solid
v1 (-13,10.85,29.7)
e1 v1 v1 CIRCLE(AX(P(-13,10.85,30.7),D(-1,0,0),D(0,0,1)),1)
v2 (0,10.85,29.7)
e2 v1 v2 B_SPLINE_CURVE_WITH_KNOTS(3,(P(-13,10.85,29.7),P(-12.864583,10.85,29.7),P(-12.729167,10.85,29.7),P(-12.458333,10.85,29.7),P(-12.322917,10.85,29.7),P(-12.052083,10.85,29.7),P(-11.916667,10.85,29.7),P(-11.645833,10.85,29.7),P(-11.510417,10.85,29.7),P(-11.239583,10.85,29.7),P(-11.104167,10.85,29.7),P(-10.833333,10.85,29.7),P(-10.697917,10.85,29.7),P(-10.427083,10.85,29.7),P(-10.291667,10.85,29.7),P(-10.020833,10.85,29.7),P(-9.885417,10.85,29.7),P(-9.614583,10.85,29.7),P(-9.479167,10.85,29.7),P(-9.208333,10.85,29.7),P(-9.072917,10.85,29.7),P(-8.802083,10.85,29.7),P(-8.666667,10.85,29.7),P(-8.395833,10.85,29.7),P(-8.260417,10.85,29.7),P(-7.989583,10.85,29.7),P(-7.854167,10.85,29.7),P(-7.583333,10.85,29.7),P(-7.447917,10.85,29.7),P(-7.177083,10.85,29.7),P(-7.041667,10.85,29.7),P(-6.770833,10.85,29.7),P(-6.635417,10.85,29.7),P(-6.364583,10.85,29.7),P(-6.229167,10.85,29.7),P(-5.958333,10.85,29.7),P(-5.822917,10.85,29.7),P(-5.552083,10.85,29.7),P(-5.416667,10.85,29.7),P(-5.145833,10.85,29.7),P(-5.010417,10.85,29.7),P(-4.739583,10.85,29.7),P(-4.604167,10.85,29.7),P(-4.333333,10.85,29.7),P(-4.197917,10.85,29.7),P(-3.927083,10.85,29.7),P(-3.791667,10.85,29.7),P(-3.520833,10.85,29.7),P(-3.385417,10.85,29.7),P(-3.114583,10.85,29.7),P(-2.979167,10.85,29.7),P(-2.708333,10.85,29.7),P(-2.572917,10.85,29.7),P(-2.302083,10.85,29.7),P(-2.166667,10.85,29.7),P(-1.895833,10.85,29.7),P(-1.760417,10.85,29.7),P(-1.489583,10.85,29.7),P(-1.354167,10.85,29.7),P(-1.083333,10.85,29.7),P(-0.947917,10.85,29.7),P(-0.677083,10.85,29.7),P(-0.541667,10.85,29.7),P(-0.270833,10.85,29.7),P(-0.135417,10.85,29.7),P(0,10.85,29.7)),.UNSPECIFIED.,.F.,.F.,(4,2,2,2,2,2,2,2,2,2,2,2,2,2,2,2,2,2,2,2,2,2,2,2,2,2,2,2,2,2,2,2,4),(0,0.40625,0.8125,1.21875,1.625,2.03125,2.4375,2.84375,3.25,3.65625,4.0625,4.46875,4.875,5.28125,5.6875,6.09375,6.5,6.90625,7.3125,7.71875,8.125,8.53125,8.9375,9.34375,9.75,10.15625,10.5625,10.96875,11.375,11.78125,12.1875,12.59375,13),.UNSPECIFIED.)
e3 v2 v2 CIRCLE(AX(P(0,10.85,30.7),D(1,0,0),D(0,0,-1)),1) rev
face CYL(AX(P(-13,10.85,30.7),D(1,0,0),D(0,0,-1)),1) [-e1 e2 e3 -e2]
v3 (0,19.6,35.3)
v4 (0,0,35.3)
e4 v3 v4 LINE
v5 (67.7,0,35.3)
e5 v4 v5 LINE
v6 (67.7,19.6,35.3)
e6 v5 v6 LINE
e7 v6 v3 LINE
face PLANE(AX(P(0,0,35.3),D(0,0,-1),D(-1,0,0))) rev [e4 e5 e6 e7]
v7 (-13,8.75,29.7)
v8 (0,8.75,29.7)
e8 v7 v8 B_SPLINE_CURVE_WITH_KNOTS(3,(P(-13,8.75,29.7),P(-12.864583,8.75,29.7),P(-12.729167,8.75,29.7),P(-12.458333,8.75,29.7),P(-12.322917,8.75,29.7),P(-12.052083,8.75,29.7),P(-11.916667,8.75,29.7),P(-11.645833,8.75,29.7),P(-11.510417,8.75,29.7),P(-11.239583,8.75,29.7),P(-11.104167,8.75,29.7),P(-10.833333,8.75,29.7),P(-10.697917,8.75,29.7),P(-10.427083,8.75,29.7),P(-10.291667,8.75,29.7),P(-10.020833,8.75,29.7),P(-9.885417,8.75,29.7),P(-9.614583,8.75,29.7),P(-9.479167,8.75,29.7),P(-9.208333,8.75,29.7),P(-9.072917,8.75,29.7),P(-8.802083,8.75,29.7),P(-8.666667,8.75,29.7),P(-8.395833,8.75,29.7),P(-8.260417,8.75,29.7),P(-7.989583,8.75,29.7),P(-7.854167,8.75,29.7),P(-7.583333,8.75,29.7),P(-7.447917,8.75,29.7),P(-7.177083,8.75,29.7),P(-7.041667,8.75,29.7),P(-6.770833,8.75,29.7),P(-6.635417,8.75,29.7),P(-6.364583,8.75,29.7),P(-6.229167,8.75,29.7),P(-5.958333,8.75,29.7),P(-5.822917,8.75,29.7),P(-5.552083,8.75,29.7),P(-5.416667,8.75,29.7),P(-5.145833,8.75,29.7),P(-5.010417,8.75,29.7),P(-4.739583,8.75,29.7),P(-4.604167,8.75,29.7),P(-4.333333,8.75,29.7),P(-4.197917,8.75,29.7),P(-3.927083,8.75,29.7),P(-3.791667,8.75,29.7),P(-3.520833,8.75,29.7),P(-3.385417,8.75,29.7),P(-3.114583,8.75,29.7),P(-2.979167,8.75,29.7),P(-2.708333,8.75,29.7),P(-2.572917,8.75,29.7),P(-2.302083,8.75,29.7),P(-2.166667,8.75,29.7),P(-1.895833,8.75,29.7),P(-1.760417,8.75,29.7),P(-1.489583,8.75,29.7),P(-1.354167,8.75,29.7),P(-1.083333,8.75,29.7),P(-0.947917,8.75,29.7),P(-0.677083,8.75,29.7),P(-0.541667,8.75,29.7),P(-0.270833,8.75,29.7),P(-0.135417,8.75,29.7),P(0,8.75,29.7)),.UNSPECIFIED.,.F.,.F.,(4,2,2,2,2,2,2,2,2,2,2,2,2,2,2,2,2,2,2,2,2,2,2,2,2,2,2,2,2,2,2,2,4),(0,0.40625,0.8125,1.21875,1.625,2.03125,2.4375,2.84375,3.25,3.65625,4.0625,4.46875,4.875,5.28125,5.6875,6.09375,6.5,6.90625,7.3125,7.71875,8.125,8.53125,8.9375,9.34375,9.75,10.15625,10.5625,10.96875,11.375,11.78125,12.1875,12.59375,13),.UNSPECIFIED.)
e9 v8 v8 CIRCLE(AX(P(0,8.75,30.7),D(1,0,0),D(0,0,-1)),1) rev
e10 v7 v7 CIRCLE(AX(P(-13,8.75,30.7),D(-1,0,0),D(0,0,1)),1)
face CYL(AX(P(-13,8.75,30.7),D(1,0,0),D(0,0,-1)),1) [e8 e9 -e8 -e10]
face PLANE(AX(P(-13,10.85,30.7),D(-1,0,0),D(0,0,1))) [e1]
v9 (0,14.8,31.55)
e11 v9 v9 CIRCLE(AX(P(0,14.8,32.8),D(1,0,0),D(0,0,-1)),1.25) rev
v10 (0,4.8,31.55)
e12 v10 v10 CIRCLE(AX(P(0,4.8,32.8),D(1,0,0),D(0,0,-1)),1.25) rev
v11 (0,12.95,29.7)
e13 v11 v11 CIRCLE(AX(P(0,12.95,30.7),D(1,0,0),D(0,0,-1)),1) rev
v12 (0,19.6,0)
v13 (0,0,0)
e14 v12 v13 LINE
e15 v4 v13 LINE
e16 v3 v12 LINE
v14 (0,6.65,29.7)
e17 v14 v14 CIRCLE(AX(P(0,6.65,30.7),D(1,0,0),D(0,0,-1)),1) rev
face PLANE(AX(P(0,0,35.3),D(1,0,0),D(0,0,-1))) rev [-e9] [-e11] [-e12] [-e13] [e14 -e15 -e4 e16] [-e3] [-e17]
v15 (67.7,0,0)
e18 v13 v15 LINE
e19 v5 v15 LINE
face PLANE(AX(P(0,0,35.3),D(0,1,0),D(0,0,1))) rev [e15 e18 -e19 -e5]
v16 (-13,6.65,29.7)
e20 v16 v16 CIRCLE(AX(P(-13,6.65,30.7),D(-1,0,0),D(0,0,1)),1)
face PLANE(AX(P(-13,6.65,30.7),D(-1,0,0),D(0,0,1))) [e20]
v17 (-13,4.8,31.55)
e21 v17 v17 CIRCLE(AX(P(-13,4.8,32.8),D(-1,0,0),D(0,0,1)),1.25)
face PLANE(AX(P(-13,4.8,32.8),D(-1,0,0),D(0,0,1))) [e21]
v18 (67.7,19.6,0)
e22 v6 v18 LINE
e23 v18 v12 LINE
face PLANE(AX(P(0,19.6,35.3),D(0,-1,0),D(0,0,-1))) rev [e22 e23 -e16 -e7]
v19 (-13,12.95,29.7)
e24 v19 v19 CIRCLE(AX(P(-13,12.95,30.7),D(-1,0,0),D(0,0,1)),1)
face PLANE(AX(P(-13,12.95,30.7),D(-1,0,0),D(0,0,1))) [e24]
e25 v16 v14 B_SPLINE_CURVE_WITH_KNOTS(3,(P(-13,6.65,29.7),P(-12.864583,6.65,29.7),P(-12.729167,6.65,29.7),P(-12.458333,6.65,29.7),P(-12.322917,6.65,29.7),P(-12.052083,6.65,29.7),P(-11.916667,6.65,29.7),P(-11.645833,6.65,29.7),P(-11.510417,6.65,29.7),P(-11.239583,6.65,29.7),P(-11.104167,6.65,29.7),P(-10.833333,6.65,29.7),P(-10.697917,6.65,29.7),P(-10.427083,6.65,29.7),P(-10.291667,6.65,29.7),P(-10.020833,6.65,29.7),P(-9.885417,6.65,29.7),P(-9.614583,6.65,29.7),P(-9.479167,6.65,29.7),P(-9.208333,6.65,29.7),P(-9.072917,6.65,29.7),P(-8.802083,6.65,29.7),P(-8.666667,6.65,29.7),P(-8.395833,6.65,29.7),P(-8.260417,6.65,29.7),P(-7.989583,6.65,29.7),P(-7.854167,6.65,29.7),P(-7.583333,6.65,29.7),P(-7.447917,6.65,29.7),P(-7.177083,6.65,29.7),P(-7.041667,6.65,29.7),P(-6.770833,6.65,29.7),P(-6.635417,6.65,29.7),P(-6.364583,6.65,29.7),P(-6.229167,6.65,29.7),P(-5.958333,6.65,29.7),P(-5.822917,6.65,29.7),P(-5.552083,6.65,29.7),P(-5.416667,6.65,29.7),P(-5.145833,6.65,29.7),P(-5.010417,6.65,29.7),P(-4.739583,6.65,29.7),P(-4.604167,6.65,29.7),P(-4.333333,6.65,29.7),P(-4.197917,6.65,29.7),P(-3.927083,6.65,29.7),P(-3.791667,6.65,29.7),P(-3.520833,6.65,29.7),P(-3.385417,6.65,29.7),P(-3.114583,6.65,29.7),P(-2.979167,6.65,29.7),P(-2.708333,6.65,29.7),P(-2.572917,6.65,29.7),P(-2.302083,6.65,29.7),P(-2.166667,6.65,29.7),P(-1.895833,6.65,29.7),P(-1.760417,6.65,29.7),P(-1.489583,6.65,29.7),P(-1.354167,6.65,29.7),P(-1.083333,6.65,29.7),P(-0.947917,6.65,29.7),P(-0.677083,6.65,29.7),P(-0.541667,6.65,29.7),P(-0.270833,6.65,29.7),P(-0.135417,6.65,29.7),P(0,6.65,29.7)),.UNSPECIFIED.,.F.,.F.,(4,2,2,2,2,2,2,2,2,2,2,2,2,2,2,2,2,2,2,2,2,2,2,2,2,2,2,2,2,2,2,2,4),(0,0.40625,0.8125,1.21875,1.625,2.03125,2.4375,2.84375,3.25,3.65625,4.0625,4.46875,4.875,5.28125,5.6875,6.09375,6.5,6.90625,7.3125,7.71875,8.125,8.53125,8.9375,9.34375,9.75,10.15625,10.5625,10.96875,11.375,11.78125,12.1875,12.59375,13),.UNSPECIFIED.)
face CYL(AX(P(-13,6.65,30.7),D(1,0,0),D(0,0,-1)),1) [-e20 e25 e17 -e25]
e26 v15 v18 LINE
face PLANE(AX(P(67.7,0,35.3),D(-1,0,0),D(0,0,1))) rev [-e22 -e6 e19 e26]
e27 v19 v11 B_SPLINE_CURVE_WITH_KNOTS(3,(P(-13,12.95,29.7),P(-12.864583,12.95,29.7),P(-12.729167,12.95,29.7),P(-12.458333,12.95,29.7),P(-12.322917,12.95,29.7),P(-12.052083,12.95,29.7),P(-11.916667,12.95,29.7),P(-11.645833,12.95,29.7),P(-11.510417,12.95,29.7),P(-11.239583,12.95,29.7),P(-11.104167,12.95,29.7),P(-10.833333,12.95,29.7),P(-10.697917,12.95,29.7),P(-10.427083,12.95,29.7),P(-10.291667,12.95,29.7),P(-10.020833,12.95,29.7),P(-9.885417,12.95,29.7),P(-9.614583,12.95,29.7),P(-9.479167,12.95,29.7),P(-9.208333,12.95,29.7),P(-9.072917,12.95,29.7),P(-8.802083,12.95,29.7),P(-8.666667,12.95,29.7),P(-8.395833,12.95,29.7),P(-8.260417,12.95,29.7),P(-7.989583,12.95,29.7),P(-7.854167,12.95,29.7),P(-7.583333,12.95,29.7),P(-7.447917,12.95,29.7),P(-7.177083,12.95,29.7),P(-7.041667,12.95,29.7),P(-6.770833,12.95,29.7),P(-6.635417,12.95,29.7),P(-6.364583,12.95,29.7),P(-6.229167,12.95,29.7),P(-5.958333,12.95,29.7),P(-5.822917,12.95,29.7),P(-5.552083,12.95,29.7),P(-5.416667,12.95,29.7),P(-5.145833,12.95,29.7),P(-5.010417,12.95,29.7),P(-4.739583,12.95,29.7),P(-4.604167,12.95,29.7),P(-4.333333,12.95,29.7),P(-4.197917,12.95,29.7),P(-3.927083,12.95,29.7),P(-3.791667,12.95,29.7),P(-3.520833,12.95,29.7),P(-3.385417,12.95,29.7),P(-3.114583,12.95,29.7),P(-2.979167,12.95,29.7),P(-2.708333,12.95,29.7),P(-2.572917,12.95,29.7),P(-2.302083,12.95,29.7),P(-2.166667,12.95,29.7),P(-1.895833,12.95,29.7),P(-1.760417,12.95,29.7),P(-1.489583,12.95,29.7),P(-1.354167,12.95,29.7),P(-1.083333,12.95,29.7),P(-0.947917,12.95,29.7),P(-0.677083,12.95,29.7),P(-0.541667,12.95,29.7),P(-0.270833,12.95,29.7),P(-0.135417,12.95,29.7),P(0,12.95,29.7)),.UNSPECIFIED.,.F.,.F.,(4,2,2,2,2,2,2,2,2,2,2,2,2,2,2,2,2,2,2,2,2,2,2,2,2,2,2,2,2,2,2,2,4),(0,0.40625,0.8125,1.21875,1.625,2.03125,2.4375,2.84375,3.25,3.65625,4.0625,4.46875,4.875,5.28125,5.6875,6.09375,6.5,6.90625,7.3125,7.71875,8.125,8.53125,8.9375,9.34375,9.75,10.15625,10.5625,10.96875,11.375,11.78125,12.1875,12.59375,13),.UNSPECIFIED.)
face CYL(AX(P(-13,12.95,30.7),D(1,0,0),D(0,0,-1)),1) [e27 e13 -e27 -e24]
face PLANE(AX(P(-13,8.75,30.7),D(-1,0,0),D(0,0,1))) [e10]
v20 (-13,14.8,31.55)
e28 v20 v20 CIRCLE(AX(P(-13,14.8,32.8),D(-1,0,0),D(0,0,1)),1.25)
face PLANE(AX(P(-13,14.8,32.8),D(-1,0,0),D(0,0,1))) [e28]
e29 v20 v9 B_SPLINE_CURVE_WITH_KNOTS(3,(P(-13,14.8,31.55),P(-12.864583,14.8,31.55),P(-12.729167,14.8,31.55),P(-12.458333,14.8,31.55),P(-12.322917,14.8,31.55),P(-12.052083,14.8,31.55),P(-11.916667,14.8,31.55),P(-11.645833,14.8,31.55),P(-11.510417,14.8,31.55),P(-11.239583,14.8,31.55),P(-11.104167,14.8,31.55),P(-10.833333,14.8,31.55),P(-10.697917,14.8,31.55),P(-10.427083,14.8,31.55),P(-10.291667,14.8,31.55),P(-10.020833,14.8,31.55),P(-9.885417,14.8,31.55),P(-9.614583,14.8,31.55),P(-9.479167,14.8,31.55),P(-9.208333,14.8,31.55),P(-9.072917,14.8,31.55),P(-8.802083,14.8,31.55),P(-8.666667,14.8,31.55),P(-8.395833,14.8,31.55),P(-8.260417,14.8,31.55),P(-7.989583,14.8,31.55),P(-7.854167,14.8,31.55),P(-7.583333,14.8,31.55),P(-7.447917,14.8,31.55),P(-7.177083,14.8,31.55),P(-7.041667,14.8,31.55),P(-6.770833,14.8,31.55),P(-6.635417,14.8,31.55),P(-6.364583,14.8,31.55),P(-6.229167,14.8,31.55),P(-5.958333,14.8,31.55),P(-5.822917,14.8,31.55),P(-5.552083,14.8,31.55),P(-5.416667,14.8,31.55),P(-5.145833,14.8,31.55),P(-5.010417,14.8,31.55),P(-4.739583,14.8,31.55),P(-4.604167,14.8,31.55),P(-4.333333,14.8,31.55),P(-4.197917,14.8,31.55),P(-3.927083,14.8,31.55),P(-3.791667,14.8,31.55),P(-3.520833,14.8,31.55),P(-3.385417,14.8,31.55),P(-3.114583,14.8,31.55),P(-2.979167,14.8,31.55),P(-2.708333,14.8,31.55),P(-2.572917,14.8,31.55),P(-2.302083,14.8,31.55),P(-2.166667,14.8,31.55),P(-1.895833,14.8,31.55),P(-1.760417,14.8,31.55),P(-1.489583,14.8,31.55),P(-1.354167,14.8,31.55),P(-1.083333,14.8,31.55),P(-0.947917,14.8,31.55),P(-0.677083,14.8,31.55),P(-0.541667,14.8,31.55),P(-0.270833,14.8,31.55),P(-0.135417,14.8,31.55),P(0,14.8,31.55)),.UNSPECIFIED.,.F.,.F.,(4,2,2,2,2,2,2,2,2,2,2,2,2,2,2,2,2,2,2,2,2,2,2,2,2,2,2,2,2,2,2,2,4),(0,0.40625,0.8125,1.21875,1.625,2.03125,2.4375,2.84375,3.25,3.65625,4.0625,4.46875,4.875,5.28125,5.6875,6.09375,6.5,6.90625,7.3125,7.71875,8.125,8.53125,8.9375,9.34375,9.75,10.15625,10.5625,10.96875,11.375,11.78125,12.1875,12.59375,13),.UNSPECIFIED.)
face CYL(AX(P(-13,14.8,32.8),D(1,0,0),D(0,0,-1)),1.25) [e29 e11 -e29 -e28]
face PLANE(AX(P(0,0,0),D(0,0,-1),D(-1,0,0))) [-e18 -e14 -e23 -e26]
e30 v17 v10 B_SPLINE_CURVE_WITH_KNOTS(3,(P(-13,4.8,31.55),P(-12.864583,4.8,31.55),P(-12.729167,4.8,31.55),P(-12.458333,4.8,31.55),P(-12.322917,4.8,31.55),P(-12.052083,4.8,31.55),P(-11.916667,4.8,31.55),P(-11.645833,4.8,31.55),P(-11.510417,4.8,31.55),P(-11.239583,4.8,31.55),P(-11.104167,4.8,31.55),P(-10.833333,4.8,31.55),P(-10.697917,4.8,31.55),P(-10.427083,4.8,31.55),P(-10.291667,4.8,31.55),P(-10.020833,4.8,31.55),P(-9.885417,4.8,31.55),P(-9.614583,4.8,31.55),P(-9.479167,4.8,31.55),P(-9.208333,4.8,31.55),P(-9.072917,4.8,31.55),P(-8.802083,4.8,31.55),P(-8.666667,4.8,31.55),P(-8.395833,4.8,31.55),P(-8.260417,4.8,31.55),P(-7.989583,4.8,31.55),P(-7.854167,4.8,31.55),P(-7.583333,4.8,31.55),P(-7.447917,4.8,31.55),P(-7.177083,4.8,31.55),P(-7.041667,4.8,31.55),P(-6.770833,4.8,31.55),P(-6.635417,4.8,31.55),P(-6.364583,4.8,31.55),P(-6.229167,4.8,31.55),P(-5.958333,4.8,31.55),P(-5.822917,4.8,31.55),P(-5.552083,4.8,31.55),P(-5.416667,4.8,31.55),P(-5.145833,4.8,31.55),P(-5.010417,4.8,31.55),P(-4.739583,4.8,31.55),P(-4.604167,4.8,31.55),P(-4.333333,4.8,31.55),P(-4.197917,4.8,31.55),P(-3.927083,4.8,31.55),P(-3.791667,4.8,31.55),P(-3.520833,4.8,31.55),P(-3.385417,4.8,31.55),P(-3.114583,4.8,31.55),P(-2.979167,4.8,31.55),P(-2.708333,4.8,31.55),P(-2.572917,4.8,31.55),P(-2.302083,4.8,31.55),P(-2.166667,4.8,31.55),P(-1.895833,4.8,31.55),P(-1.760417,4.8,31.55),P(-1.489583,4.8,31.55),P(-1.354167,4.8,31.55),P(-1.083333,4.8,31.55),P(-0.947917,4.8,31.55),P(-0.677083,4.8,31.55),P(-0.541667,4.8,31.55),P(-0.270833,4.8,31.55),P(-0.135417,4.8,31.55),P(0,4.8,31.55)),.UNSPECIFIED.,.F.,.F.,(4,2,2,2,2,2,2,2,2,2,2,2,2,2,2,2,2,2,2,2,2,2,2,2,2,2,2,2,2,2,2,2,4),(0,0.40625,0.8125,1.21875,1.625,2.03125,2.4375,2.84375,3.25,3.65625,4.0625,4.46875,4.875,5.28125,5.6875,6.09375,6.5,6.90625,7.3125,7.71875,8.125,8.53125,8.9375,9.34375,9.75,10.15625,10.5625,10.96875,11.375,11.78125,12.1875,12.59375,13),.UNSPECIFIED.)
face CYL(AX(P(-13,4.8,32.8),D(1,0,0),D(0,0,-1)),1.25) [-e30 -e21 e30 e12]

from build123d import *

# Parameters (mm, degrees)
SKETCH1_W           = 67.7
SKETCH1_H           = 19.6
BOSS_EXTRUDE1_DEPTH = 35.3
SKETCH3_R           = 1
SKETCH3_R_2         = 1.25
BOSS_EXTRUDE2_DEPTH = 13


with BuildPart() as part:
    # Sketch1 → Boss-Extrude1 (new body)
    with BuildSketch(Plane.XY):
        with Locations((33.85, 9.8)):
            Rectangle(SKETCH1_W, SKETCH1_H)
    extrude(amount=BOSS_EXTRUDE1_DEPTH)

    # Sketch3 → Boss-Extrude2 (add)
    with BuildSketch(Plane.ZY):
        with Locations(Location((30.7, 12.95, 0), (0, 0, 180))):
            Circle(SKETCH3_R)
        with Locations(Location((30.7, 10.85, 0), (0, 0, 180))):
            Circle(SKETCH3_R)
        with Locations(Location((30.7, 8.75, 0), (0, 0, 180))):
            Circle(SKETCH3_R)
        with Locations(Location((32.8, 4.8, 0), (0, 0, 180))):
            Circle(SKETCH3_R_2)
        with Locations(Location((32.8, 14.8, 0), (0, 0, 180))):
            Circle(SKETCH3_R_2)
        with Locations(Location((30.7, 6.65, 0), (0, 0, 180))):
            Circle(SKETCH3_R)
    extrude(amount=BOSS_EXTRUDE2_DEPTH)


solid = part.part
